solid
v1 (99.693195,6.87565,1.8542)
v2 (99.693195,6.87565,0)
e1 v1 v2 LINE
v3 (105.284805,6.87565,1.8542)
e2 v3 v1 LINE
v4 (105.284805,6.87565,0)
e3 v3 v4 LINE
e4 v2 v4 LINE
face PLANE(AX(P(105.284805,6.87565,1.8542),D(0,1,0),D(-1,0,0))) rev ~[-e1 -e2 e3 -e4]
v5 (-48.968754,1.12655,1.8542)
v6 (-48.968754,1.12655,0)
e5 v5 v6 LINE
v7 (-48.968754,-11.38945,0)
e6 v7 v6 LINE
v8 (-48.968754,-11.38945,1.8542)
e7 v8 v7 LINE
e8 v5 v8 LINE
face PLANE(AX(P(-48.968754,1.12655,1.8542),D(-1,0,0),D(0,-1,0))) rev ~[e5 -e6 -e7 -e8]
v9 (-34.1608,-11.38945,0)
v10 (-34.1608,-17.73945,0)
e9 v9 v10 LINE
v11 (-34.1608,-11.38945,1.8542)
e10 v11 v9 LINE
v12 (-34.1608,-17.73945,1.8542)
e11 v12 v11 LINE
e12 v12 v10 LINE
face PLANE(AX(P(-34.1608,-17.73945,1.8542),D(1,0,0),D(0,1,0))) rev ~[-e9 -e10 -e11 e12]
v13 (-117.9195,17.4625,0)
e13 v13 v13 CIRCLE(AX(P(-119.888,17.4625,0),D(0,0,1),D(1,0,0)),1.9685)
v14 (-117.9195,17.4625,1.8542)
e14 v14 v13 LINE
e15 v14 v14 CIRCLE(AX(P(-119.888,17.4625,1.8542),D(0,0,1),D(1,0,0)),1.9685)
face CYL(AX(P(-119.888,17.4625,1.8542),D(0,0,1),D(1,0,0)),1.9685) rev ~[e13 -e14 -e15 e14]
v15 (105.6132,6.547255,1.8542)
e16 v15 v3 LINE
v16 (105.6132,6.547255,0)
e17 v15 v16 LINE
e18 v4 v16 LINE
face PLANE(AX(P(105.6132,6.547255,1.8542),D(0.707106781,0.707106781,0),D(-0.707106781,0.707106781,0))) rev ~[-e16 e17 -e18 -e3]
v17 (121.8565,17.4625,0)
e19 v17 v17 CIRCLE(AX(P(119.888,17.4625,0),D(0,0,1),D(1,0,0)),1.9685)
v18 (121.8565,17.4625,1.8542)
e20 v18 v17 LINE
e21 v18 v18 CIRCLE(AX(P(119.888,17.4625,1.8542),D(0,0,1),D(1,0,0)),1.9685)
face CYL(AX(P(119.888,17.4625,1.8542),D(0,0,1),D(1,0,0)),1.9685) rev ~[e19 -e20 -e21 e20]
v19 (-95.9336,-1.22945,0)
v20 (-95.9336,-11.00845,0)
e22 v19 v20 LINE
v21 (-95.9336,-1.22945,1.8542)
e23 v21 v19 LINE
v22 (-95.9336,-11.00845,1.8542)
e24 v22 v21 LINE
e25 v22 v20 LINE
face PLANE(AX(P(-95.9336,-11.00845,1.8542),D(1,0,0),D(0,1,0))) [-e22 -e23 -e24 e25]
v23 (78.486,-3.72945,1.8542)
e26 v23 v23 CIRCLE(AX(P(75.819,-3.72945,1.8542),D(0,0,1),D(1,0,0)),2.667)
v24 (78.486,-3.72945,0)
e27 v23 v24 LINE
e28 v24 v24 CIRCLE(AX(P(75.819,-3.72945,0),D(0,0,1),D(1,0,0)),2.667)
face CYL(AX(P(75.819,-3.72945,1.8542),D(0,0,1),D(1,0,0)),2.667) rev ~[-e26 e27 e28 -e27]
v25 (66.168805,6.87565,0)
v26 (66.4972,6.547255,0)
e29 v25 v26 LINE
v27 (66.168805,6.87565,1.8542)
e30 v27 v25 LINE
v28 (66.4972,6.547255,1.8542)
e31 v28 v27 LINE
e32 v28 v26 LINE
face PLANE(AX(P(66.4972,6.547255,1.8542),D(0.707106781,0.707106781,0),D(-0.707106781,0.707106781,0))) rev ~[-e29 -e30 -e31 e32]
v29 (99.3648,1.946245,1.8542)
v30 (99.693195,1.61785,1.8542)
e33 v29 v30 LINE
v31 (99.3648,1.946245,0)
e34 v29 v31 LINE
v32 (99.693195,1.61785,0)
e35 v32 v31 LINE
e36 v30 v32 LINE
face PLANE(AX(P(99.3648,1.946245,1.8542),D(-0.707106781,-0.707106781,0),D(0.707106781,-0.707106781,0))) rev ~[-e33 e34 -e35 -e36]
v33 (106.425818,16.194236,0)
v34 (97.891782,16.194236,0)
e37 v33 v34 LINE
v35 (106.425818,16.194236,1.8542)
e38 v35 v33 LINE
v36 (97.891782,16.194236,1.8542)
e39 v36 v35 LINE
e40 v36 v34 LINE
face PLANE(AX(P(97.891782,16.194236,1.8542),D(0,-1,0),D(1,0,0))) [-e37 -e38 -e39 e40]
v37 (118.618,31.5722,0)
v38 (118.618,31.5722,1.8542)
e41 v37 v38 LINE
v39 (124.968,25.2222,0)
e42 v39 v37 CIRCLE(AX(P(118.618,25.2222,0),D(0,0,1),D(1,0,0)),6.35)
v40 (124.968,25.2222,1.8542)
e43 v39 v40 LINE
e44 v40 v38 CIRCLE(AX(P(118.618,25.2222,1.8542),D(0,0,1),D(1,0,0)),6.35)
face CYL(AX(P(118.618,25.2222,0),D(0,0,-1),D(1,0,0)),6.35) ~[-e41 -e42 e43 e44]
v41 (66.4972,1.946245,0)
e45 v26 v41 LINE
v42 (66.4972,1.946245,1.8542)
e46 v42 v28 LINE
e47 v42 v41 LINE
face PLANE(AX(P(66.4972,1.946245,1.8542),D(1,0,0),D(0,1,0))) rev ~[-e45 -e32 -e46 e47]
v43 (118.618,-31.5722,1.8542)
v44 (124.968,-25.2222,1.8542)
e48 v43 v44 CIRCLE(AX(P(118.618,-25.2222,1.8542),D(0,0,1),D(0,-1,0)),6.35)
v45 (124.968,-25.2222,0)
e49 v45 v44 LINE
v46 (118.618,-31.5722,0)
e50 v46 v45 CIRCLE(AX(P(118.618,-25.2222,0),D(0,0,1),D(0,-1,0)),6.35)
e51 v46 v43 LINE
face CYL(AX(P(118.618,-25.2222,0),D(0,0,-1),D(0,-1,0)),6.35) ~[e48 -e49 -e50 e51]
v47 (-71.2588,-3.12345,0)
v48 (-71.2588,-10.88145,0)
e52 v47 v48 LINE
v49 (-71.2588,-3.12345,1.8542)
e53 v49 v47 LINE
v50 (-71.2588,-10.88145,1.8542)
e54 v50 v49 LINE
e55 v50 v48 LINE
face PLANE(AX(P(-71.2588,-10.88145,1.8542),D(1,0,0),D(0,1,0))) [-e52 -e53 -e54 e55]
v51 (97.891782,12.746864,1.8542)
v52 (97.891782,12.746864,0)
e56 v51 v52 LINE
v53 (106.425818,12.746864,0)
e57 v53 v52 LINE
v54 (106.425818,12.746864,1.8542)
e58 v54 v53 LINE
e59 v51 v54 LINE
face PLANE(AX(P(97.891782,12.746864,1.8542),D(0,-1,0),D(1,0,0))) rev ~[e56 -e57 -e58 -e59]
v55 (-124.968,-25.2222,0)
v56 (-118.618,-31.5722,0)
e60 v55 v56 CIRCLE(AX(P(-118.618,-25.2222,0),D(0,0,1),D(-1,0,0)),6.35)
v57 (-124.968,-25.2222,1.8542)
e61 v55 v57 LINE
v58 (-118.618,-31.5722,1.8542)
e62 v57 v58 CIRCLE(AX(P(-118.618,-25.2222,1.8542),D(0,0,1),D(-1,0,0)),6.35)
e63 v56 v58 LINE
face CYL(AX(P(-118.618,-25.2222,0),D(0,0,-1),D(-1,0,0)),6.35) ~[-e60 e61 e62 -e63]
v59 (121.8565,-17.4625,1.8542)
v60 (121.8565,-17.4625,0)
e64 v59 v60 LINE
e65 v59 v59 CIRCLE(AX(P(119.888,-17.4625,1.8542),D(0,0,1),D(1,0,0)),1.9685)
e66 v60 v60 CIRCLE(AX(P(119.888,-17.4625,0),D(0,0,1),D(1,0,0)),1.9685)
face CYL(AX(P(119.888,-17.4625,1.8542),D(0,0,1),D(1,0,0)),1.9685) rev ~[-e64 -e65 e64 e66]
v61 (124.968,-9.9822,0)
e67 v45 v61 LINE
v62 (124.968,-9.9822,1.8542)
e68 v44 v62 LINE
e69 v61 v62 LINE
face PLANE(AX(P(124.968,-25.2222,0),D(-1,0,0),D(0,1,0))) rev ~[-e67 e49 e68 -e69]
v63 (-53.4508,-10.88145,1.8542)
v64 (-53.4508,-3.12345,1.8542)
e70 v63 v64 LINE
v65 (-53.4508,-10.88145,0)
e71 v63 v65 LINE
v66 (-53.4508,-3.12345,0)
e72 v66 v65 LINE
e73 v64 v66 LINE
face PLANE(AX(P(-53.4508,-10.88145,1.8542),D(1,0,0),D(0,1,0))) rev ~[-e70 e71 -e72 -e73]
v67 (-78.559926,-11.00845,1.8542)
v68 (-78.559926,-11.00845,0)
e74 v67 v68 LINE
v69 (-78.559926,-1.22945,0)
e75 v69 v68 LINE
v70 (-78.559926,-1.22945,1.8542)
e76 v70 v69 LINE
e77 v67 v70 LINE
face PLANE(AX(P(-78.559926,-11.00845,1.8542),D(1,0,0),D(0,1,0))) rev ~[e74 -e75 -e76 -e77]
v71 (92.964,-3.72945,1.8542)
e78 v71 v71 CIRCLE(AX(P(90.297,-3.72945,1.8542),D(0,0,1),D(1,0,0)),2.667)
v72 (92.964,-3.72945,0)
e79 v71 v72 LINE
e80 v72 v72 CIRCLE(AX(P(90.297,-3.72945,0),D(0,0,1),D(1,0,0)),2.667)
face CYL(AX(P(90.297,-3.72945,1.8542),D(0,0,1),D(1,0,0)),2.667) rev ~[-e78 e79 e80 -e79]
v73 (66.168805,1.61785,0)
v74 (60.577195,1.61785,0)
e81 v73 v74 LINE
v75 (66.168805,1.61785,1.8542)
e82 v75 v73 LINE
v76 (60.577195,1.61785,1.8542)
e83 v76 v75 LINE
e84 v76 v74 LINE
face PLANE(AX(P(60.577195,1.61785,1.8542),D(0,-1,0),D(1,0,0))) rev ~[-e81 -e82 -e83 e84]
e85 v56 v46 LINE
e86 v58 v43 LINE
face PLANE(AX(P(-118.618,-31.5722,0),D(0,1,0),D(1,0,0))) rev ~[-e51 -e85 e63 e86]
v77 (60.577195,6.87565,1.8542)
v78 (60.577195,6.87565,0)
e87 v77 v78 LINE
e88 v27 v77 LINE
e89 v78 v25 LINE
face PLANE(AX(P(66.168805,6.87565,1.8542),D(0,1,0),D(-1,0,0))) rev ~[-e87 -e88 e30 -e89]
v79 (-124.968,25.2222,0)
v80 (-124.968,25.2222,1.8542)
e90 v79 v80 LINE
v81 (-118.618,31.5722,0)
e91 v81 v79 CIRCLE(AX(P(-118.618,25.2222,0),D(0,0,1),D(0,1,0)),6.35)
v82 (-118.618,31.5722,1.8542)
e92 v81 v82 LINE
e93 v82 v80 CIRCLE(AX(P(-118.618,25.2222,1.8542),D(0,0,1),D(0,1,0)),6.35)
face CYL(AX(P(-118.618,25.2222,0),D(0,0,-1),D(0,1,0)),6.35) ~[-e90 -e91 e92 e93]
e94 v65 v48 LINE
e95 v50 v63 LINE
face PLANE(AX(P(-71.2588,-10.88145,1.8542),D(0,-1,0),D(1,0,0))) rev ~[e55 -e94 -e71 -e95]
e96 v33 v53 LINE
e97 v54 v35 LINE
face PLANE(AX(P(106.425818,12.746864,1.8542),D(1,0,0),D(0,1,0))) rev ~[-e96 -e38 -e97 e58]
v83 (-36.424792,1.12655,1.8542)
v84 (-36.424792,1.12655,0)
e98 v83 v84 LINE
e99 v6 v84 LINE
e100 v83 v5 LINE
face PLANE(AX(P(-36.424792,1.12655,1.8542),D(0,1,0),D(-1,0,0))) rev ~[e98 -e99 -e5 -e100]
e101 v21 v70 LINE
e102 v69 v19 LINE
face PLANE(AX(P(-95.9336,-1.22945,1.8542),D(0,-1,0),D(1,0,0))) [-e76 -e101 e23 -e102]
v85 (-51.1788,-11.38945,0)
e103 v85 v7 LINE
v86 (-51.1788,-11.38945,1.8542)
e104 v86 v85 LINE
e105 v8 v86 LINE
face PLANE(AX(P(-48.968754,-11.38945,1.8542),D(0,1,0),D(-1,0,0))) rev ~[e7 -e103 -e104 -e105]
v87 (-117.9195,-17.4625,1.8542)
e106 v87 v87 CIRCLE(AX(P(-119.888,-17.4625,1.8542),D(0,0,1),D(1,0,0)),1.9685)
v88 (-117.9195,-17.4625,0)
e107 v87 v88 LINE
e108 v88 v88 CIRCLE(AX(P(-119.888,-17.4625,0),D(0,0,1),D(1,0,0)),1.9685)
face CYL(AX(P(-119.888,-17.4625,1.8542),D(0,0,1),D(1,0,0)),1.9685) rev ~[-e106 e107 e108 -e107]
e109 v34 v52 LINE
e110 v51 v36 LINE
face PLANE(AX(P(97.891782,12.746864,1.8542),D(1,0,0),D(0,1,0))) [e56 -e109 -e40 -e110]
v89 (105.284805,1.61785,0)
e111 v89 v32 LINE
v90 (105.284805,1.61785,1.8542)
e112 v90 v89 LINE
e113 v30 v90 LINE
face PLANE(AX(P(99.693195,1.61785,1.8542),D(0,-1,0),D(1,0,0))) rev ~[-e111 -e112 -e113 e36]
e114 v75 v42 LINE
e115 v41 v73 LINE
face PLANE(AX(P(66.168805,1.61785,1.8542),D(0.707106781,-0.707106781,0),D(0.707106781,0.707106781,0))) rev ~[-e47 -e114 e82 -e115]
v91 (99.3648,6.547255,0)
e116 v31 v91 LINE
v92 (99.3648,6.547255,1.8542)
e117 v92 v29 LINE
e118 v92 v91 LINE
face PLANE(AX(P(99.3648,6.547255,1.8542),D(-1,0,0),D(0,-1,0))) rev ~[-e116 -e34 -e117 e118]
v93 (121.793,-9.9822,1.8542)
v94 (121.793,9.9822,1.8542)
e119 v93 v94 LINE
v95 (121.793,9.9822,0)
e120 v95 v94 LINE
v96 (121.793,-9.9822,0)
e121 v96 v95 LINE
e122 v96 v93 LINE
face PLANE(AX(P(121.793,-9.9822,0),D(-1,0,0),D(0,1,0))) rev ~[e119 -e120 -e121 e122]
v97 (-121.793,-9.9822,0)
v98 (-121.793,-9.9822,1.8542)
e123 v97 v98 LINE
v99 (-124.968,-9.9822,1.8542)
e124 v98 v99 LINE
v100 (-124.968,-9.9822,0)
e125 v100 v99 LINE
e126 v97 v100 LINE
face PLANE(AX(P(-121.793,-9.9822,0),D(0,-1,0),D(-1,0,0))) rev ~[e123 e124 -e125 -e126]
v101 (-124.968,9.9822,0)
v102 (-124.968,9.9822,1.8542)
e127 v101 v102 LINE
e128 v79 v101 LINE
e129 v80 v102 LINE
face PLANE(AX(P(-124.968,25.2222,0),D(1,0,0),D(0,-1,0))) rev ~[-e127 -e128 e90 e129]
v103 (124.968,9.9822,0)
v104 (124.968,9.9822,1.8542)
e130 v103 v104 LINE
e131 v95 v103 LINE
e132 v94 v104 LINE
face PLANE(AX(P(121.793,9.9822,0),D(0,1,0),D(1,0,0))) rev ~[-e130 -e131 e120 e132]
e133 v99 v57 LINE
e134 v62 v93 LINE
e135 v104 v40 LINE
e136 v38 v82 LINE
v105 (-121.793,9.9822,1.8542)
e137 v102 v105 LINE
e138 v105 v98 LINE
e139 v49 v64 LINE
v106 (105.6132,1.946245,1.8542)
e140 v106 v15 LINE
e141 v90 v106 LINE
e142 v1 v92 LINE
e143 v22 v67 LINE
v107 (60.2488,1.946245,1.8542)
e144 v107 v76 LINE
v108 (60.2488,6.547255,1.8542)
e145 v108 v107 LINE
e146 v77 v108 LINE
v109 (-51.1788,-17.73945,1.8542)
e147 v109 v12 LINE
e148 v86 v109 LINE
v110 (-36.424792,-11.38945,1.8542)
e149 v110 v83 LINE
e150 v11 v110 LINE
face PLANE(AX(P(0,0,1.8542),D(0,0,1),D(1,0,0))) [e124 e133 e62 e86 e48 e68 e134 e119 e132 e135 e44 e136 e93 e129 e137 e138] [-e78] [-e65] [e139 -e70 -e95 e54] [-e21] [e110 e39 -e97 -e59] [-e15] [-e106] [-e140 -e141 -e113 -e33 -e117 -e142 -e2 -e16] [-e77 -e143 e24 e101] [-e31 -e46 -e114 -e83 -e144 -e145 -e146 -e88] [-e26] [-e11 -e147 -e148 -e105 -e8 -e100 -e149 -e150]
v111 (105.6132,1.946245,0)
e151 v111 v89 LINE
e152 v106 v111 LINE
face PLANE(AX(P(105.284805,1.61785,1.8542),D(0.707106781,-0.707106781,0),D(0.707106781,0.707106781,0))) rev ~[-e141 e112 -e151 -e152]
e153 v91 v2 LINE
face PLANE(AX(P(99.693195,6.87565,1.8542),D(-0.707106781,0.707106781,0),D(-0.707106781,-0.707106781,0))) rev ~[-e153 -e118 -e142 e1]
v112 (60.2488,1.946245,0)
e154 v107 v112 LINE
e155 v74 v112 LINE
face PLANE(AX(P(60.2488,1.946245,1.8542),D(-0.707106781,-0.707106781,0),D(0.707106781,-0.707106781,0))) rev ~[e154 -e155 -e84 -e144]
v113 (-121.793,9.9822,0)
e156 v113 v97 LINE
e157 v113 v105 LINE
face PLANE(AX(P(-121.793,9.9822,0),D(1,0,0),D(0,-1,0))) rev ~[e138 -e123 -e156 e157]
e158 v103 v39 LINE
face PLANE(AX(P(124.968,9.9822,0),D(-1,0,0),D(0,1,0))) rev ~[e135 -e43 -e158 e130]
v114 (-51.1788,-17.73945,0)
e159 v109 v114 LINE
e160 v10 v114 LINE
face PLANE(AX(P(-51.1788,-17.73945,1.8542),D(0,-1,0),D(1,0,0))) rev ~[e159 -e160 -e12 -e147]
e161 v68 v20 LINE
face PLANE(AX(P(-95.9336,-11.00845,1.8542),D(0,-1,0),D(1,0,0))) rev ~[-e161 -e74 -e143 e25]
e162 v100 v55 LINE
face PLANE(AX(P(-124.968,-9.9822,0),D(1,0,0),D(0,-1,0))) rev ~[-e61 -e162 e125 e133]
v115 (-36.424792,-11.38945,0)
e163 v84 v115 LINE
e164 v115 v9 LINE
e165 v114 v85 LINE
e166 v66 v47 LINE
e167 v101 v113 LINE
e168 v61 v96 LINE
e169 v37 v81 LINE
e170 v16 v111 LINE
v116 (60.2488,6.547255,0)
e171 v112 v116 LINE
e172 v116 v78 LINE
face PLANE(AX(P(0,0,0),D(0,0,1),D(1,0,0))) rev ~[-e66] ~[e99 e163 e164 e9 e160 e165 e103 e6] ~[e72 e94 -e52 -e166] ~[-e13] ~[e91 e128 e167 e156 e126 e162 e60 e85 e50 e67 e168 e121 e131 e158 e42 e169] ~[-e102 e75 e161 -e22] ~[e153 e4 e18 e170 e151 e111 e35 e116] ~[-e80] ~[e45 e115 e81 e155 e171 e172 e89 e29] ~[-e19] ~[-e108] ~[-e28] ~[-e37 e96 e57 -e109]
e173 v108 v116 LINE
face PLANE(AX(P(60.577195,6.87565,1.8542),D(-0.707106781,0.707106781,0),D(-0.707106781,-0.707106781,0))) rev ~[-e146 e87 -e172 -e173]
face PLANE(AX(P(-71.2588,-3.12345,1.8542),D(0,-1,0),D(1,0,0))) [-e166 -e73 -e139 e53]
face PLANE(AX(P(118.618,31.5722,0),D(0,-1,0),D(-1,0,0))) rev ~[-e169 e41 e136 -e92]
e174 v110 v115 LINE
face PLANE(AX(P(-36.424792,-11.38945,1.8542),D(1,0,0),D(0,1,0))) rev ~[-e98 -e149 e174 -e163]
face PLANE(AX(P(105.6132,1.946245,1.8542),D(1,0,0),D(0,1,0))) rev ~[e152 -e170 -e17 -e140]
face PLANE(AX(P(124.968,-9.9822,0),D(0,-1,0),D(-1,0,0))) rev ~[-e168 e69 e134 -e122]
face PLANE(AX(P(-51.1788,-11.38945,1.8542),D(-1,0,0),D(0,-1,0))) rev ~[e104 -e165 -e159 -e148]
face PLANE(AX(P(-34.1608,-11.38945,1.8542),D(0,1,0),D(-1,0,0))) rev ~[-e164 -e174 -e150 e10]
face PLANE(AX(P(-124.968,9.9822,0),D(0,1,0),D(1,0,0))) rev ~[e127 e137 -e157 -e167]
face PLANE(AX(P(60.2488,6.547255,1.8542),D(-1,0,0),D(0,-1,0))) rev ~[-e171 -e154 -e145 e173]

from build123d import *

# Parameters (mm, degrees)
MAINBODY_DEPTH    = 1.8542
SKETCH3_R         = 1.9685
MOUNTHOLES_DEPTH  = 129.907885308
PANELCUTOUT_REACH = 130.908
SKETCH4_R         = 2.667
SKETCH4_W         = 8.534035503
SKETCH4_H         = 3.447371256
SKETCH4_W_2       = 17.373674213
SKETCH4_H_2       = 9.779
SKETCH4_W_3       = 17.808
SKETCH4_H_3       = 7.758


with BuildPart() as part:
    # Sketch2 → MainBody (new body)
    with BuildSketch(Plane.XY):
        with BuildLine():
            Line((118.618, 31.5722), (-118.618, 31.5722))
            ThreePointArc((-118.618, 31.5722), (-123.108128061, 29.712328061), (-124.968, 25.2222))
            Line((-124.968, 25.2222), (-124.968, 9.9822))
            Line((-124.968, 9.9822), (-121.793, 9.9822))
            Line((-121.793, 9.9822), (-121.793, -9.9822))
            Line((-121.793, -9.9822), (-124.968, -9.9822))
            Line((-124.968, -9.9822), (-124.968, -25.2222))
            ThreePointArc((-124.968, -25.2222), (-123.108128061, -29.712328061), (-118.618, -31.5722))
            Line((-118.618, -31.5722), (118.618, -31.5722))
            ThreePointArc((118.618, -31.5722), (123.108128061, -29.712328061), (124.968, -25.2222))
            Line((124.968, -25.2222), (124.968, -9.9822))
            Line((124.968, -9.9822), (121.793, -9.9822))
            Line((121.793, -9.9822), (121.793, 9.9822))
            Line((121.793, 9.9822), (124.968, 9.9822))
            Line((124.968, 9.9822), (124.968, 25.2222))
            ThreePointArc((124.968, 25.2222), (123.108128061, 29.712328061), (118.618, 31.5722))
        make_face()
    extrude(amount=MAINBODY_DEPTH)

    # Sketch3 → MountHoles (cut, through all)
    with BuildSketch(Plane.XY.offset(1.8542)):
        with Locations((-119.888, 17.4625)):
            Circle(SKETCH3_R)
        with Locations((119.888, 17.4625)):
            Circle(SKETCH3_R)
        with Locations((119.888, -17.4625)):
            Circle(SKETCH3_R)
        with Locations((-119.888, -17.4625)):
            Circle(SKETCH3_R)
    extrude(amount=-MOUNTHOLES_DEPTH, mode=Mode.SUBTRACT)

    # Sketch4 → PanelCutout (cut, up to next)
    with BuildSketch(Plane.XY.offset(1.8542), mode=Mode.PRIVATE) as panelcutout_sk1:
        with Locations((90.297, -3.729450093)):
            Circle(SKETCH4_R)
    panelcutout_tool1 = extrude(panelcutout_sk1.sketch, amount=-PANELCUTOUT_REACH, mode=Mode.PRIVATE) & part.part
    # Sketch4 → PanelCutout (cut, up to next)
    with BuildSketch(Plane.XY.offset(1.8542), mode=Mode.PRIVATE) as panelcutout_sk2:
        with Locations((75.819, -3.729450093)):
            Circle(SKETCH4_R)
    panelcutout_tool2 = extrude(panelcutout_sk2.sketch, amount=-PANELCUTOUT_REACH, mode=Mode.PRIVATE) & part.part
    # Sketch4 → PanelCutout (cut, up to next)
    with BuildSketch(Plane.XY.offset(1.8542), mode=Mode.PRIVATE) as panelcutout_sk3:
        with Locations((102.1588002, 14.470550015)):
            Rectangle(SKETCH4_W, SKETCH4_H)
    panelcutout_tool3 = extrude(panelcutout_sk3.sketch, amount=-PANELCUTOUT_REACH, mode=Mode.PRIVATE) & part.part
    # Sketch4 → PanelCutout (cut, up to next)
    with BuildSketch(Plane.XY.offset(1.8542), mode=Mode.PRIVATE) as panelcutout_sk4:
        with Locations((-87.246762894, -6.11895)):
            Rectangle(SKETCH4_W_2, SKETCH4_H_2)
    panelcutout_tool4 = extrude(panelcutout_sk4.sketch, amount=-PANELCUTOUT_REACH, mode=Mode.PRIVATE) & part.part
    # Sketch4 → PanelCutout (cut, up to next)
    with BuildSketch(Plane.XY.offset(1.8542), mode=Mode.PRIVATE) as panelcutout_sk5:
        with Locations((-62.3548, -7.00245)):
            Rectangle(SKETCH4_W_3, SKETCH4_H_3)
    panelcutout_tool5 = extrude(panelcutout_sk5.sketch, amount=-PANELCUTOUT_REACH, mode=Mode.PRIVATE) & part.part
    # Sketch4 → PanelCutout (cut, up to next)
    with BuildSketch(Plane.XY.offset(1.8542), mode=Mode.PRIVATE) as panelcutout_sk6:
        Polygon((-36.424791576, -11.38945), (-36.424791576, 1.12655), (-48.968754151, 1.12655), (-48.968754151, -11.38945), (-51.1788, -11.38945), (-51.1788, -17.73945), (-34.1608, -17.73945), (-34.1608, -11.38945), align=None)
    panelcutout_tool6 = extrude(panelcutout_sk6.sketch, amount=-PANELCUTOUT_REACH, mode=Mode.PRIVATE) & part.part
    # Sketch4 → PanelCutout (cut, up to next)
    with BuildSketch(Plane.XY.offset(1.8542), mode=Mode.PRIVATE) as panelcutout_sk7:
        Polygon((60.2488, 6.547255322), (60.2488, 1.946245078), (60.577194878, 1.6178502), (66.168805122, 1.6178502), (66.4972, 1.946245078), (66.4972, 6.547255322), (66.168805122, 6.8756502), (60.577194878, 6.8756502), align=None)
    panelcutout_tool7 = extrude(panelcutout_sk7.sketch, amount=-PANELCUTOUT_REACH, mode=Mode.PRIVATE) & part.part
    # Sketch4 → PanelCutout (cut, up to next)
    with BuildSketch(Plane.XY.offset(1.8542), mode=Mode.PRIVATE) as panelcutout_sk8:
        Polygon((99.3648, 6.547255322), (99.3648, 1.946245078), (99.693194878, 1.6178502), (105.284805122, 1.6178502), (105.6132, 1.946245078), (105.6132, 6.547255322), (105.284805122, 6.8756502), (99.693194878, 6.8756502), align=None)
    panelcutout_tool8 = extrude(panelcutout_sk8.sketch, amount=-PANELCUTOUT_REACH, mode=Mode.PRIVATE) & part.part
    add(panelcutout_tool1.solids().sort_by_distance((90.297, -3.72945, 1.8542))[0], mode=Mode.SUBTRACT)
    add(panelcutout_tool2.solids().sort_by_distance((75.819, -3.72945, 1.8542))[0], mode=Mode.SUBTRACT)
    add(panelcutout_tool3.solids().sort_by_distance((102.1588, 14.47055, 1.8542))[0], mode=Mode.SUBTRACT)
    add(panelcutout_tool4.solids().sort_by_distance((-87.246763, -6.11895, 1.8542))[0], mode=Mode.SUBTRACT)
    add(panelcutout_tool5.solids().sort_by_distance((-62.3548, -7.00245, 1.8542))[0], mode=Mode.SUBTRACT)
    add(panelcutout_tool6.solids().sort_by_distance((-42.685776, -8.977195, 1.8542))[0], mode=Mode.SUBTRACT)
    add(panelcutout_tool7.solids().sort_by_distance((63.373, 4.24675, 1.8542))[0], mode=Mode.SUBTRACT)
    add(panelcutout_tool8.solids().sort_by_distance((102.489, 4.24675, 1.8542))[0], mode=Mode.SUBTRACT)


solid = part.part
